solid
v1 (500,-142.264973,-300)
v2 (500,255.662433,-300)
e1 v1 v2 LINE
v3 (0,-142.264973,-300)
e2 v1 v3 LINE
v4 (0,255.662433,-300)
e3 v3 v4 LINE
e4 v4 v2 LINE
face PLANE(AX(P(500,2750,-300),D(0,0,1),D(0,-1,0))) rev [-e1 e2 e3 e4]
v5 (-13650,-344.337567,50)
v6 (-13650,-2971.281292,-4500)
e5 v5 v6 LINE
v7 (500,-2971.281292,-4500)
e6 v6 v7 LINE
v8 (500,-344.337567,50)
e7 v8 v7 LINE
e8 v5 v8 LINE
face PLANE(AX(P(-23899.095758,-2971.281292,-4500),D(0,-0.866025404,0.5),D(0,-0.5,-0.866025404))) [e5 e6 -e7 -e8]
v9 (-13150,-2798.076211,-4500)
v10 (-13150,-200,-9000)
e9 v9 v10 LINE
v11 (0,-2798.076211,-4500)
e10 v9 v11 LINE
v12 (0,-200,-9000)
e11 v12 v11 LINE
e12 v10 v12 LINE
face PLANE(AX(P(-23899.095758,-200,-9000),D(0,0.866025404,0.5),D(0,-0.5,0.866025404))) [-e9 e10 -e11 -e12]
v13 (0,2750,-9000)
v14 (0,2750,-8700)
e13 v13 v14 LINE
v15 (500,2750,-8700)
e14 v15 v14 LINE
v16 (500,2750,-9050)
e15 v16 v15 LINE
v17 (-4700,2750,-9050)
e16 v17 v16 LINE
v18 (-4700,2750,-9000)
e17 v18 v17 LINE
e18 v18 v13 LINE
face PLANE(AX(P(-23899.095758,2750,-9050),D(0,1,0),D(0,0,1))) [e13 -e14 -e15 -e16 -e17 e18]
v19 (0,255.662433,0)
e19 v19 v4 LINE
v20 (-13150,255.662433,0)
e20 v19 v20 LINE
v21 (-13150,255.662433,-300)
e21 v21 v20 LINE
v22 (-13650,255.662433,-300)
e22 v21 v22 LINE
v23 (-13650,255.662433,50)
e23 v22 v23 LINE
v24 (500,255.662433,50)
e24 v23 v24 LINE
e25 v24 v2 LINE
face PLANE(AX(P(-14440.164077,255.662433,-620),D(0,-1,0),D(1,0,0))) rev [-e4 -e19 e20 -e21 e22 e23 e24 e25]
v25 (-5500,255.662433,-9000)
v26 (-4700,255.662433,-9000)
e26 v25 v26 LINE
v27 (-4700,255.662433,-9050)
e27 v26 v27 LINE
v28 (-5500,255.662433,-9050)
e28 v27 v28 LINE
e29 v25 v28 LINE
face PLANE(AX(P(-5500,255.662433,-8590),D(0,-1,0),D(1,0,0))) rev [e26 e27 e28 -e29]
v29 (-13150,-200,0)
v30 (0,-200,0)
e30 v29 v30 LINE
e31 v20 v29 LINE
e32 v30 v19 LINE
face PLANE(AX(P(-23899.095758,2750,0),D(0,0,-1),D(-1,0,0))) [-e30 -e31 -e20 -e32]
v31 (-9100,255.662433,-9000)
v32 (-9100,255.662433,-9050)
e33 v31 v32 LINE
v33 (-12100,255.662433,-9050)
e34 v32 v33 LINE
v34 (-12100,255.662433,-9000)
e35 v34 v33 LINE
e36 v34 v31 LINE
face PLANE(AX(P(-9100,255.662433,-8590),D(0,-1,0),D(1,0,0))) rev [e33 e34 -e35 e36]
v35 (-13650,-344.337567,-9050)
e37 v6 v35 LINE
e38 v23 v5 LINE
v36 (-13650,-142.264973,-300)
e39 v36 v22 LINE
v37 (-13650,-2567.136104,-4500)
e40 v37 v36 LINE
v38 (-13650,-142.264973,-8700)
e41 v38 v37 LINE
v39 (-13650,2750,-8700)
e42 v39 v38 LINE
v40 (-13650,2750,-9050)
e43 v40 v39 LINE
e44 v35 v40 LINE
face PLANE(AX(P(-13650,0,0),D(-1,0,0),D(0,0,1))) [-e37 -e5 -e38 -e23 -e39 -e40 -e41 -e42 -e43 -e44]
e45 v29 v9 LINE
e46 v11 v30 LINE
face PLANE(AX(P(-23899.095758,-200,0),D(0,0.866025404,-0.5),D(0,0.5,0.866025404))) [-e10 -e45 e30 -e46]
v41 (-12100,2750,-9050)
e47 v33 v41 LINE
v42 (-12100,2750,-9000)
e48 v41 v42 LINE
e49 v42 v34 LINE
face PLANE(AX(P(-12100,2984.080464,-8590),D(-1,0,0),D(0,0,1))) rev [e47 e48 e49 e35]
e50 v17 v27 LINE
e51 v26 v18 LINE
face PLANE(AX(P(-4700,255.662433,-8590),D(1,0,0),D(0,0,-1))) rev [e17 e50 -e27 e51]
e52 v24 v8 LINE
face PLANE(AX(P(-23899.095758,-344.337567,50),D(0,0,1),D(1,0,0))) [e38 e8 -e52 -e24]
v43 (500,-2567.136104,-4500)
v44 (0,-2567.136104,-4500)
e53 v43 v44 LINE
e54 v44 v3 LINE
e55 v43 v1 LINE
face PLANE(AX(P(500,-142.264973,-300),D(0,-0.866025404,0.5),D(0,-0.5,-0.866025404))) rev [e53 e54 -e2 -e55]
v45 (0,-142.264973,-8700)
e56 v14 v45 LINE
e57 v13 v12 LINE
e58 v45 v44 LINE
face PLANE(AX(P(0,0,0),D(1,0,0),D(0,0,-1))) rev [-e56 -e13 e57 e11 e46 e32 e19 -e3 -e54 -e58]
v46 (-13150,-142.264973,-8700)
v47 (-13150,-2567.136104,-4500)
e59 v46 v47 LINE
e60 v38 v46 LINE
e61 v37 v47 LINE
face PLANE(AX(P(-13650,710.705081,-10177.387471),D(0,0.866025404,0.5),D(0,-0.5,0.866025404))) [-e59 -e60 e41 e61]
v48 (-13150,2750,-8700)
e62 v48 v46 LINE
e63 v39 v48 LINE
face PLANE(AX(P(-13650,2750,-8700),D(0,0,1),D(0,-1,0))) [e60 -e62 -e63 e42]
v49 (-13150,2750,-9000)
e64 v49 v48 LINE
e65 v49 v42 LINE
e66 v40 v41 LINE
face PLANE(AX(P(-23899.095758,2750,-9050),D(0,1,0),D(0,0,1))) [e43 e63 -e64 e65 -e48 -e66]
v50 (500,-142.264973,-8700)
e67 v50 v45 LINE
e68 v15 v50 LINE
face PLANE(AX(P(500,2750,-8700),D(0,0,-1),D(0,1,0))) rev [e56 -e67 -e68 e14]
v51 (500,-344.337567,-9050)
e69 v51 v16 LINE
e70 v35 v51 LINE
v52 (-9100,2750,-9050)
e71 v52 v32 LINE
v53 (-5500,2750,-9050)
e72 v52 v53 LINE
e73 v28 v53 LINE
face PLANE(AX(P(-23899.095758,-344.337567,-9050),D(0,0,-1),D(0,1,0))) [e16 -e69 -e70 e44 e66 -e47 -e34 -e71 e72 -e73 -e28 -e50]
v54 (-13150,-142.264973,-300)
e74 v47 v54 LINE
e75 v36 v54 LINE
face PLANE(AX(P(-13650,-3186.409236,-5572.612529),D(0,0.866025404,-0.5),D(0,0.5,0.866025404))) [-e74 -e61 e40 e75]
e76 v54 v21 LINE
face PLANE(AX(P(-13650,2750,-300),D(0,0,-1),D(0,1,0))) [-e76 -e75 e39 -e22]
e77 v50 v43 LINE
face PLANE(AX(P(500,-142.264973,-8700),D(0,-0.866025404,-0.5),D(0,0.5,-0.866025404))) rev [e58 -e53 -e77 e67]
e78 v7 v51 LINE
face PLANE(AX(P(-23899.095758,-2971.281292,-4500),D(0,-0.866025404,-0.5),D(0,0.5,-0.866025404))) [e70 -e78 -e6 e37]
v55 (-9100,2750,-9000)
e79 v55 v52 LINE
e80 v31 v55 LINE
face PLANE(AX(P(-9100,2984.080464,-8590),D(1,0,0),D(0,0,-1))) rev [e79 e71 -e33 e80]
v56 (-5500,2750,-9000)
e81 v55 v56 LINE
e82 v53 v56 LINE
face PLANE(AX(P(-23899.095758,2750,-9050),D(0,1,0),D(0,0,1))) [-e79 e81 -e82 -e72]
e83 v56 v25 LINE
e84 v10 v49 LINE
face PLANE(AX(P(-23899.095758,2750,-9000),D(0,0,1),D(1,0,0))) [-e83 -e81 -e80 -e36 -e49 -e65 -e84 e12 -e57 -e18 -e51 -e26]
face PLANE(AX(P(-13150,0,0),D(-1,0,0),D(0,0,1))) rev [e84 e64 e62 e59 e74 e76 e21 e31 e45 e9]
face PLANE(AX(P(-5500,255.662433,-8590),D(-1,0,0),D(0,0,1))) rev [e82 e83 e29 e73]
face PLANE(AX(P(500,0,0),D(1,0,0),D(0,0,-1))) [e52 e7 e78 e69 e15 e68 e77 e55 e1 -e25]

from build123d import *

# Parameters (mm, degrees)
EXTRUDE_1_DEPTH     = 13150
EXTRUDE_2_DEPTH     = 500
EXTRUDE_START       = -13150
EXTRUDE_3_DEPTH     = 500
SKETCH_4_W          = 800
SKETCH_4_H          = 2752.478260032
SKETCH_4_W_2        = 3000
SKETCH_4_H_2        = 2728.418031008
CUT_EXTRUDE_2_DEPTH = 460
SKETCH_7_W          = 15709.854083563
SKETCH_7_H          = 3277.507192375
CUT_EXTRUDE_4_DEPTH = 670


with BuildPart() as part:
    # Эскиз2 → Бобышка-Вытянуть1 (new body)
    with BuildSketch(Plane(origin=(0, 0, 0), x_dir=(0, 0, -1), z_dir=(1, 0, 0))):
        Polygon((4500, -2971.28129211), (9050, -344.337567297), (9050, 2750), (9000, 2750), (9000, -200), (4500, -2798.076211353), (0, -200), (0, 2750), (-50, 2750), (-50, -344.337567297), align=None)
    extrude(amount=-EXTRUDE_1_DEPTH)

    # Эскиз5 → Бобышка-Вытянуть2 (add)
    with BuildSketch(Plane(origin=(0, 0, 0), x_dir=(0, 0, -1), z_dir=(1, 0, 0))):
        Polygon((-50, 2750), (-50, -344.337567297), (4500, -2971.28129211), (9050, -344.337567297), (9050, 2750), (8700, 2750), (8700, -142.264973081), (4500, -2567.136103677), (300, -142.264973081), (300, 2750), align=None)
    extrude(amount=EXTRUDE_2_DEPTH)

    # Эскиз5<2> → Бобышка-Вытянуть3 (add)
    with BuildSketch(Plane(origin=(0, 0, 0), x_dir=(0, 0, -1), z_dir=(1, 0, 0)).offset(EXTRUDE_START)):
        Polygon((-50, 2750), (-50, -344.337567297), (4500, -2971.28129211), (9050, -344.337567297), (9050, 2750), (8700, 2750), (8700, -142.264973081), (4500, -2567.136103677), (300, -142.264973081), (300, 2750), align=None)
    extrude(amount=-EXTRUDE_3_DEPTH)

    # Эскиз4 → Вырез-Вытянуть2 (cut)
    with BuildSketch(Plane(origin=(0, 0, -9050), x_dir=(-1, 0, 0), z_dir=(0, 0, -1))):
        with Locations((5100, 1631.901562719)):
            Rectangle(SKETCH_4_W, SKETCH_4_H)
        with Locations((10600, 1619.871448207)):
            Rectangle(SKETCH_4_W_2, SKETCH_4_H_2)
    extrude(amount=-CUT_EXTRUDE_2_DEPTH, mode=Mode.SUBTRACT)

    # Эскиз7 → Вырез-Вытянуть4 (cut)
    with BuildSketch(Plane.XY.offset(50)):
        with Locations((-6585.237035545, 1894.416028891)):
            Rectangle(SKETCH_7_W, SKETCH_7_H)
    extrude(amount=-CUT_EXTRUDE_4_DEPTH, mode=Mode.SUBTRACT)


solid = part.part
